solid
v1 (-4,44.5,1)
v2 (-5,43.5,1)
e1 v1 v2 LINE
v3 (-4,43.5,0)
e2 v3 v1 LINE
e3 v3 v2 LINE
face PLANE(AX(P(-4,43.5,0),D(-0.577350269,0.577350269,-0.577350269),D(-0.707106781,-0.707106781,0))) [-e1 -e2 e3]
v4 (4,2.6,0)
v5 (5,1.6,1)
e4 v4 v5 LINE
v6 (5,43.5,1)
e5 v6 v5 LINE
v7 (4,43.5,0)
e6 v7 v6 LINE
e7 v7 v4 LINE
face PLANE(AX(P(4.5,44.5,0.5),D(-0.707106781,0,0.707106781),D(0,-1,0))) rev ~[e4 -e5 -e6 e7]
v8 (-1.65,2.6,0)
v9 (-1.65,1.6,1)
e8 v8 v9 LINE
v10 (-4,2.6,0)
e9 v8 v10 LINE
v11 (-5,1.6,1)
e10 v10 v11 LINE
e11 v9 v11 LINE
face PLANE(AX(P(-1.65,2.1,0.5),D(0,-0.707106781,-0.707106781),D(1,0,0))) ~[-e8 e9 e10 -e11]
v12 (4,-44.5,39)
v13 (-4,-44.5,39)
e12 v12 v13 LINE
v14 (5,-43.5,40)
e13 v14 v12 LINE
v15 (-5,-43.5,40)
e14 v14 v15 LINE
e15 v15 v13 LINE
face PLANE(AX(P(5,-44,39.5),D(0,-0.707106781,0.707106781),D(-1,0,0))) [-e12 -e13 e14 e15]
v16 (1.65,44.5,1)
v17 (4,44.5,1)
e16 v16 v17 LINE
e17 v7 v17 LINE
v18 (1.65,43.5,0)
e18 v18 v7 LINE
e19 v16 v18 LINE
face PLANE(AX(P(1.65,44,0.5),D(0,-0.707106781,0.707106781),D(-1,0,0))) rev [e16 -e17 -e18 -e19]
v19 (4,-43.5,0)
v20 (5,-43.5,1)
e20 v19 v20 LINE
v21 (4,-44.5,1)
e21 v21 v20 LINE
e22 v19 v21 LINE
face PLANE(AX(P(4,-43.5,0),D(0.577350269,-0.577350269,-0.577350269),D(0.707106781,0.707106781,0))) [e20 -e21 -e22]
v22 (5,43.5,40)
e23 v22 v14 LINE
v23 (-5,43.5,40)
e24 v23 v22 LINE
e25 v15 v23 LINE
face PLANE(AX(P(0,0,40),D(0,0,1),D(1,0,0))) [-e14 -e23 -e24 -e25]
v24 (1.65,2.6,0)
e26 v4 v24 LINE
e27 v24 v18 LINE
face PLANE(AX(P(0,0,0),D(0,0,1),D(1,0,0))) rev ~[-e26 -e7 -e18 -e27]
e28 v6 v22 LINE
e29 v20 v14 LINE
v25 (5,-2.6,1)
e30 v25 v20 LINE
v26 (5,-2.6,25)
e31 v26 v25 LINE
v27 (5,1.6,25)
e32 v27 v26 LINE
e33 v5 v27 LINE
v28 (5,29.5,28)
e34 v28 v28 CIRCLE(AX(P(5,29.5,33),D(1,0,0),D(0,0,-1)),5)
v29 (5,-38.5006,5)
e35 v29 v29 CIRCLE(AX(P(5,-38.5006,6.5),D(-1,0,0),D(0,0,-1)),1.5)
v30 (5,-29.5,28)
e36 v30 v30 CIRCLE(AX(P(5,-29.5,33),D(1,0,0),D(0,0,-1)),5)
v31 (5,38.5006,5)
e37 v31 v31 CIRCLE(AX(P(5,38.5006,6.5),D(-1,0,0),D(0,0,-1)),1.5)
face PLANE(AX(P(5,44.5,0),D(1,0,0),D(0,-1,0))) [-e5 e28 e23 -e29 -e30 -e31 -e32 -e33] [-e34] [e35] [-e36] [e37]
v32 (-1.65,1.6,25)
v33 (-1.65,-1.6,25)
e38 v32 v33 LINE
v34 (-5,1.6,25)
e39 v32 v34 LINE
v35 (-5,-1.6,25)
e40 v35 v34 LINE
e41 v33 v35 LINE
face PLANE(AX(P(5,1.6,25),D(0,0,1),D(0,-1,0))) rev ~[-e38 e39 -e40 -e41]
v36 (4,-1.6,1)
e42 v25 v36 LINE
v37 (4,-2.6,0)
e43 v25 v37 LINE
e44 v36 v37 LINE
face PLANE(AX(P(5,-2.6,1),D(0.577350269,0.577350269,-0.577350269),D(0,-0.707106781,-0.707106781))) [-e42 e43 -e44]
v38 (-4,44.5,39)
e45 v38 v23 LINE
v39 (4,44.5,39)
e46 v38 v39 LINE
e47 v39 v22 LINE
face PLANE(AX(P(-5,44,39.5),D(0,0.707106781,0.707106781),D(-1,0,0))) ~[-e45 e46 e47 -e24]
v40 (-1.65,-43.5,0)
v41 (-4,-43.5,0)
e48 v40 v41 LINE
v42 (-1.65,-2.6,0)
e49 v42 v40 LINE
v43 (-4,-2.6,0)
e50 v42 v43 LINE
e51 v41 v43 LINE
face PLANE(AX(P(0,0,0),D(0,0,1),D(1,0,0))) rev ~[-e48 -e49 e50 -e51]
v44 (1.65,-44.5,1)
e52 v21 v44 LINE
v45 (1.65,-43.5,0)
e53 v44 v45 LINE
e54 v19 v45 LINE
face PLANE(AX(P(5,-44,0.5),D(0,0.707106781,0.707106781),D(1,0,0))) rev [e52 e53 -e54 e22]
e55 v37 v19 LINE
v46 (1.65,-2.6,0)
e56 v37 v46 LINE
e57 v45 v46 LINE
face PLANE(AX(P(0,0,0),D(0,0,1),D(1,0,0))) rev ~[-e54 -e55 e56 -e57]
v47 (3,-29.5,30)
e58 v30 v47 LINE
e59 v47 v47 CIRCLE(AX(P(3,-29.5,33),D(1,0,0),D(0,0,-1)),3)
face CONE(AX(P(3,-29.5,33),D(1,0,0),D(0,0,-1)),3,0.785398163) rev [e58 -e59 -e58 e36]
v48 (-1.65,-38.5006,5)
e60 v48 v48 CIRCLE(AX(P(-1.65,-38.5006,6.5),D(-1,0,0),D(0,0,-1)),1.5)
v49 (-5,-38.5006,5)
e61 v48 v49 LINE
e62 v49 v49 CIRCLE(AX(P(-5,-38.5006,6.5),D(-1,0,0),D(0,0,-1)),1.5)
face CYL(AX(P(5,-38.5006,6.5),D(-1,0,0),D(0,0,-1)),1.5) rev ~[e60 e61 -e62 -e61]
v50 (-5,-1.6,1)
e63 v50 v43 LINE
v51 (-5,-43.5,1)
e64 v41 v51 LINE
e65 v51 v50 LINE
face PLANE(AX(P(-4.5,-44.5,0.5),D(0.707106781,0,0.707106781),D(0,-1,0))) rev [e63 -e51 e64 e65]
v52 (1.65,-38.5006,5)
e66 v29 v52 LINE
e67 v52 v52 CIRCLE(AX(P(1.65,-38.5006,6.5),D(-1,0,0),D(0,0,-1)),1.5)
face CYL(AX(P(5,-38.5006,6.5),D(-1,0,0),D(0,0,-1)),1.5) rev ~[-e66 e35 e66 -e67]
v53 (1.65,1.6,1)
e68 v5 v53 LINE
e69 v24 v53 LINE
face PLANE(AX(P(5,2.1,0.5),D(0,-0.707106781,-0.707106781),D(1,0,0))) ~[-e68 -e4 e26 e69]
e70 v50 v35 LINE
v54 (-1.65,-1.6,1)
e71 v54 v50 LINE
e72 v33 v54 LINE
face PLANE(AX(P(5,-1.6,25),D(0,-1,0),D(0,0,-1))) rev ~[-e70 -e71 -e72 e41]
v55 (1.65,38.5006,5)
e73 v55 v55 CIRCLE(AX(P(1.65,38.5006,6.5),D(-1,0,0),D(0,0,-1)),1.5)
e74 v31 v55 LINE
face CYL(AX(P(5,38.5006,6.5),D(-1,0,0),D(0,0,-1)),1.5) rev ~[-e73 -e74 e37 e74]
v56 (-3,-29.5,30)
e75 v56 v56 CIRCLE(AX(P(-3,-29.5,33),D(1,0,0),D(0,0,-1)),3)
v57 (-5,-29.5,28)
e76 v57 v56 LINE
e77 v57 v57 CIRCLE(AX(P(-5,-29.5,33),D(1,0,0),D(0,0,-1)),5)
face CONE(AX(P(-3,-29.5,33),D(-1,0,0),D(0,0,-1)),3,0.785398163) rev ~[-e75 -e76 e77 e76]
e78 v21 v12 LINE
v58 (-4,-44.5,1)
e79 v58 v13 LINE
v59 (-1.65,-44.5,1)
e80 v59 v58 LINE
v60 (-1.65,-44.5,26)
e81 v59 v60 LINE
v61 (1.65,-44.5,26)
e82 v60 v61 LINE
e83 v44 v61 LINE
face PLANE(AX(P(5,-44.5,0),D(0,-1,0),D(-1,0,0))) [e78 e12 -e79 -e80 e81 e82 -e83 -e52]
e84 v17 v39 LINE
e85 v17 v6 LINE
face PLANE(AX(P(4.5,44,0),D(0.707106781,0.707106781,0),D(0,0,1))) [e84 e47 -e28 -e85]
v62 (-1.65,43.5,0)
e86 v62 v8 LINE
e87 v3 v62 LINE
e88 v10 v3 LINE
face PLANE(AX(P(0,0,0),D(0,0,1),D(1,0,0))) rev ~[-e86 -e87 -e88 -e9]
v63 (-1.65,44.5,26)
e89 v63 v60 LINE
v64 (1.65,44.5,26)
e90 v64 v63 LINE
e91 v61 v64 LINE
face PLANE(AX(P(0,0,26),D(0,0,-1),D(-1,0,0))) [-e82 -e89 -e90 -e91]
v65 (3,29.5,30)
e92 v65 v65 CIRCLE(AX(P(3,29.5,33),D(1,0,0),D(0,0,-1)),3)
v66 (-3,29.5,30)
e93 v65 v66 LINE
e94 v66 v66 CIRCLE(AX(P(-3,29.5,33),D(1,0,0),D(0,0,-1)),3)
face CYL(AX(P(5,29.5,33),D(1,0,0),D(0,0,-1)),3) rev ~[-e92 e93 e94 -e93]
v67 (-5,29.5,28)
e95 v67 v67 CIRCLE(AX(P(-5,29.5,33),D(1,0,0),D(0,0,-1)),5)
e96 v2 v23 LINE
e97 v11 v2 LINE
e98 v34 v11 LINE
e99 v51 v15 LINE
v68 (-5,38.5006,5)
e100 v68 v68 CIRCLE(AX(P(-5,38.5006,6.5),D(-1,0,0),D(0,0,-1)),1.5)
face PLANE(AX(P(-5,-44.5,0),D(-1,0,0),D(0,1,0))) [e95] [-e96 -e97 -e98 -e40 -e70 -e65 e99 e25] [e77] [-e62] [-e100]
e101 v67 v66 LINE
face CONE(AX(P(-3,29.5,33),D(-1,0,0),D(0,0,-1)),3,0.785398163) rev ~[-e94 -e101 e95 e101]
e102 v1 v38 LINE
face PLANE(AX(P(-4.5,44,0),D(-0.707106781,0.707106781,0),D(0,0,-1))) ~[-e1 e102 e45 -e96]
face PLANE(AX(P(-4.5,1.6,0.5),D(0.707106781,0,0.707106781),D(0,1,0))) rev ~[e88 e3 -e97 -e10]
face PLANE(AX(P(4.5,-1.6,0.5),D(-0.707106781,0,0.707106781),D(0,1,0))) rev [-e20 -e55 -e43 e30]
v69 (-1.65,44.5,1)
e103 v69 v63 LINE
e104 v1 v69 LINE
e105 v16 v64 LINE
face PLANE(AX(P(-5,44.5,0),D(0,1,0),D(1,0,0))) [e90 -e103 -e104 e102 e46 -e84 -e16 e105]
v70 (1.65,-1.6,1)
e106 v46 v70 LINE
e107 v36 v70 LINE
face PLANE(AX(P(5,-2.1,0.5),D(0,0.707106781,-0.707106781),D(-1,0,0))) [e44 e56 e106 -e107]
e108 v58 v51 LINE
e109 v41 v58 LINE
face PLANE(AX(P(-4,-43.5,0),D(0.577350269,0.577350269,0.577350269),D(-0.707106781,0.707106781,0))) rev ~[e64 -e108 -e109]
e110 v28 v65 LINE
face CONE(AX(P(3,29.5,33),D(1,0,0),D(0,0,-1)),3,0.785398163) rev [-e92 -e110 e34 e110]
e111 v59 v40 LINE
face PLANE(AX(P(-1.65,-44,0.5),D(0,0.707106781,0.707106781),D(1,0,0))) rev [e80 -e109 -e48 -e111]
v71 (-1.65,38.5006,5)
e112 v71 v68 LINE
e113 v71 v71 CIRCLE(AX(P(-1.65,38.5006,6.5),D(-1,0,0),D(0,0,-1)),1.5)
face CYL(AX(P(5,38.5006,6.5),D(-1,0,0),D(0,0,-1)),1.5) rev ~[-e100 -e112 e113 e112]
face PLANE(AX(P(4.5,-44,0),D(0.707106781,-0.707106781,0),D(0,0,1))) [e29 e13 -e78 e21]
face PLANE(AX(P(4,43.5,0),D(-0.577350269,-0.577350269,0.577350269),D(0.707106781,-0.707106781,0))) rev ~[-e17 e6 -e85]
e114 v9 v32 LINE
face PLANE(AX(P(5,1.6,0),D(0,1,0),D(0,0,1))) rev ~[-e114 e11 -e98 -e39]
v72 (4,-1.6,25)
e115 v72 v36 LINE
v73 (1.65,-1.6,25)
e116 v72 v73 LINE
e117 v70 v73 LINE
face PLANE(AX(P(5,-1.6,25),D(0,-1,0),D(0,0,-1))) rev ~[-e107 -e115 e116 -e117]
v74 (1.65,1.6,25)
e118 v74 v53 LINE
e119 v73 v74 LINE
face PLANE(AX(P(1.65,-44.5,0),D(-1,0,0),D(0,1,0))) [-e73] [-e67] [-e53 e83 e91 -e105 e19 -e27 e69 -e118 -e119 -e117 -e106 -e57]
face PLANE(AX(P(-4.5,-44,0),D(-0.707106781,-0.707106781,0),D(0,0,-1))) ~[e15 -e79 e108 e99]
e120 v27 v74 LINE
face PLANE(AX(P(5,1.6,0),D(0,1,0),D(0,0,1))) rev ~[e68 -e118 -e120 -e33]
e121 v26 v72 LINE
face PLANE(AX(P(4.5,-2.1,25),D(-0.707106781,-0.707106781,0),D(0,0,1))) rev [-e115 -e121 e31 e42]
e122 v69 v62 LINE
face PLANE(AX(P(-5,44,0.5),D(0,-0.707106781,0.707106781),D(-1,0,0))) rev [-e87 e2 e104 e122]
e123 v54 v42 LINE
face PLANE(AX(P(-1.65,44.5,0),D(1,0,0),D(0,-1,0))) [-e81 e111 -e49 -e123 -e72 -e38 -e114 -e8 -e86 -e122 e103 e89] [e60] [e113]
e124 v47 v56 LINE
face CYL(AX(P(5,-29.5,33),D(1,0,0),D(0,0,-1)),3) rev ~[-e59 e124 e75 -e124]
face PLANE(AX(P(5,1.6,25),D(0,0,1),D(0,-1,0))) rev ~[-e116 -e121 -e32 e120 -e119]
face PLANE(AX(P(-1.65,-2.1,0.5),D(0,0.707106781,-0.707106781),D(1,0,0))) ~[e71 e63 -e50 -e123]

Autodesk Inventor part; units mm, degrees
ref_plane "YZ Plane" through (0, 0, 0) normal (1, 0, 0) x (0, 1, 0)
ref_plane "XZ Plane" through (0, 0, 0) normal (0, 1, 0) x (-1, 0, 0)
ref_plane "XY Plane" through (0, 0, 0) normal (0, 0, 1) x (1, 0, 0)
sketch "Sketch1" plane through (0, 0, 0) normal (0, 0, 1) x (1, 0, 0)
  line L0 (-5, 44.5) -> (5, 44.5)
  line L1 (5, 44.5) -> (5, -44.5)
  line L2 (5, -44.5) -> (-5, -44.5)
  line L3 (-5, -44.5) -> (-5, 44.5)
  line L4 (-5, 44.5) -> (5, -44.5) construction
  line L5 (5, 44.5) -> (-5, -44.5) construction
  point P0 (0, 0)
  dimension "d0" = 10
  dimension "d1" = 89
extrude "Extrusion1" add sketch "Sketch1" along normal blind 40
sketch "Sketch2" plane through (0, 0, 0) normal (0, 0, -1) x (-1, 0, 0)
  line L0 (1.65, -44.5) -> (-1.65, -44.5)
  line L1 (-1.65, -44.5) -> (-1.65, 44.5)
  line L2 (-1.65, 44.5) -> (1.65, 44.5)
  line L3 (1.65, 44.5) -> (1.65, -44.5)
  line L4 (1.65, -44.5) -> (-1.65, 44.5) construction
  line L5 (-1.65, -44.5) -> (1.65, 44.5) construction
  line L6 (-5, -44.5) -> (5, -44.5) projected
  point P0 (0, 0)
  dimension "d4" = 3.3
extrude "Extrusion2" cut sketch "Sketch2" against normal blind 26
sketch "Sketch4" plane through (5, -44.5, 0) normal (1, 0, 0) x (0, 0, -1)
  line L0 (-25, 42.9) -> (0, 42.9)
  line L1 (0, 42.9) -> (0, 46.1)
  line L2 (0, 46.1) -> (-25, 46.1)
  line L3 (-25, 46.1) -> (-25, 42.9)
  line L4 (0, 89) -> (0, 0) projected
  point P0 (0, 44.5)
  point P1 (0, 44.5)
  dimension "d15" = 25
  dimension "d16" = 3.2
extrude "Extrusion3" cut sketch "Sketch4" against normal blind 16
sketch "Sketch3" plane through (5, -44.5, 0) normal (1, 0, 0) x (0, 0, -1)
  line L0 (0, 89) -> (-40, 89) projected
  line L1 (0, 89) -> (0, 0) projected
  line L2 (0, 0) -> (-40, 0) projected
  line L3 (-6.5, 5.9994) -> (-6.5, 83.0006) construction
  point P0 (0, 44.5)
  point P1 (-6.5, 44.5)
  point P2 (-26, 0)
  dimension "d19" = 19.5
hole "Hole1" at (5, 0, 6.5) at (5, -38.5006, 6.5) at (5, 38.5006, 6.5) direction (-1, 0, 0) diameter 3 depth 26.75
chamfer "Chamfer1" distance 1 angle 45 19 edges at (5, -44.5, 20) (-5, -44.5, 20) (5, 44.5, 20) (-5, 44.5, 20) (-3.325, -44.5, 0) (3.325, -44.5, 0) (-3.325, 44.5, 0) (3.325, 44.5, 0) (3.325, -1.6, 0) (3.325, 1.6, 0) (-3.325, 1.6, 0) (-3.325, -1.6, 0) (-5, -23.05, 0) (5, -1.6, 12.5) (5, -23.05, 0) (5, 23.05, 0) (-5, 23.05, 0) (0, 44.5, 40) (0, -44.5, 40)
sketch "Sketch5" plane through (5, -43.5, 40) normal (1, 0, 0) x (0, 0, -1)
  circle A0 centre (7, 14) radius 3
  line L0 (40, 0) -> (40, 40.9) projected
  line L1 (1, -1) -> (39, -1) projected
  circle A1 centre (7, 73) radius 3
  line L2 (39, 88) -> (1, 88) projected
  point P0 (40, 43.5)
  dimension "d23" = 6
  dimension "d24" = 33
  dimension "d25" = 15
  dimension "d26" = 15
extrude "Extrusion4" cut sketch "Sketch5" against normal blind 10
chamfer "Chamfer2" distance 2 angle 45 4 edges at (-5, -29.5, 36) (-5, 29.5, 36) (5, 29.5, 36) (5, -29.5, 36)
equation "\"d26\" = d25"
properties part number "Aligner Helper v2"
